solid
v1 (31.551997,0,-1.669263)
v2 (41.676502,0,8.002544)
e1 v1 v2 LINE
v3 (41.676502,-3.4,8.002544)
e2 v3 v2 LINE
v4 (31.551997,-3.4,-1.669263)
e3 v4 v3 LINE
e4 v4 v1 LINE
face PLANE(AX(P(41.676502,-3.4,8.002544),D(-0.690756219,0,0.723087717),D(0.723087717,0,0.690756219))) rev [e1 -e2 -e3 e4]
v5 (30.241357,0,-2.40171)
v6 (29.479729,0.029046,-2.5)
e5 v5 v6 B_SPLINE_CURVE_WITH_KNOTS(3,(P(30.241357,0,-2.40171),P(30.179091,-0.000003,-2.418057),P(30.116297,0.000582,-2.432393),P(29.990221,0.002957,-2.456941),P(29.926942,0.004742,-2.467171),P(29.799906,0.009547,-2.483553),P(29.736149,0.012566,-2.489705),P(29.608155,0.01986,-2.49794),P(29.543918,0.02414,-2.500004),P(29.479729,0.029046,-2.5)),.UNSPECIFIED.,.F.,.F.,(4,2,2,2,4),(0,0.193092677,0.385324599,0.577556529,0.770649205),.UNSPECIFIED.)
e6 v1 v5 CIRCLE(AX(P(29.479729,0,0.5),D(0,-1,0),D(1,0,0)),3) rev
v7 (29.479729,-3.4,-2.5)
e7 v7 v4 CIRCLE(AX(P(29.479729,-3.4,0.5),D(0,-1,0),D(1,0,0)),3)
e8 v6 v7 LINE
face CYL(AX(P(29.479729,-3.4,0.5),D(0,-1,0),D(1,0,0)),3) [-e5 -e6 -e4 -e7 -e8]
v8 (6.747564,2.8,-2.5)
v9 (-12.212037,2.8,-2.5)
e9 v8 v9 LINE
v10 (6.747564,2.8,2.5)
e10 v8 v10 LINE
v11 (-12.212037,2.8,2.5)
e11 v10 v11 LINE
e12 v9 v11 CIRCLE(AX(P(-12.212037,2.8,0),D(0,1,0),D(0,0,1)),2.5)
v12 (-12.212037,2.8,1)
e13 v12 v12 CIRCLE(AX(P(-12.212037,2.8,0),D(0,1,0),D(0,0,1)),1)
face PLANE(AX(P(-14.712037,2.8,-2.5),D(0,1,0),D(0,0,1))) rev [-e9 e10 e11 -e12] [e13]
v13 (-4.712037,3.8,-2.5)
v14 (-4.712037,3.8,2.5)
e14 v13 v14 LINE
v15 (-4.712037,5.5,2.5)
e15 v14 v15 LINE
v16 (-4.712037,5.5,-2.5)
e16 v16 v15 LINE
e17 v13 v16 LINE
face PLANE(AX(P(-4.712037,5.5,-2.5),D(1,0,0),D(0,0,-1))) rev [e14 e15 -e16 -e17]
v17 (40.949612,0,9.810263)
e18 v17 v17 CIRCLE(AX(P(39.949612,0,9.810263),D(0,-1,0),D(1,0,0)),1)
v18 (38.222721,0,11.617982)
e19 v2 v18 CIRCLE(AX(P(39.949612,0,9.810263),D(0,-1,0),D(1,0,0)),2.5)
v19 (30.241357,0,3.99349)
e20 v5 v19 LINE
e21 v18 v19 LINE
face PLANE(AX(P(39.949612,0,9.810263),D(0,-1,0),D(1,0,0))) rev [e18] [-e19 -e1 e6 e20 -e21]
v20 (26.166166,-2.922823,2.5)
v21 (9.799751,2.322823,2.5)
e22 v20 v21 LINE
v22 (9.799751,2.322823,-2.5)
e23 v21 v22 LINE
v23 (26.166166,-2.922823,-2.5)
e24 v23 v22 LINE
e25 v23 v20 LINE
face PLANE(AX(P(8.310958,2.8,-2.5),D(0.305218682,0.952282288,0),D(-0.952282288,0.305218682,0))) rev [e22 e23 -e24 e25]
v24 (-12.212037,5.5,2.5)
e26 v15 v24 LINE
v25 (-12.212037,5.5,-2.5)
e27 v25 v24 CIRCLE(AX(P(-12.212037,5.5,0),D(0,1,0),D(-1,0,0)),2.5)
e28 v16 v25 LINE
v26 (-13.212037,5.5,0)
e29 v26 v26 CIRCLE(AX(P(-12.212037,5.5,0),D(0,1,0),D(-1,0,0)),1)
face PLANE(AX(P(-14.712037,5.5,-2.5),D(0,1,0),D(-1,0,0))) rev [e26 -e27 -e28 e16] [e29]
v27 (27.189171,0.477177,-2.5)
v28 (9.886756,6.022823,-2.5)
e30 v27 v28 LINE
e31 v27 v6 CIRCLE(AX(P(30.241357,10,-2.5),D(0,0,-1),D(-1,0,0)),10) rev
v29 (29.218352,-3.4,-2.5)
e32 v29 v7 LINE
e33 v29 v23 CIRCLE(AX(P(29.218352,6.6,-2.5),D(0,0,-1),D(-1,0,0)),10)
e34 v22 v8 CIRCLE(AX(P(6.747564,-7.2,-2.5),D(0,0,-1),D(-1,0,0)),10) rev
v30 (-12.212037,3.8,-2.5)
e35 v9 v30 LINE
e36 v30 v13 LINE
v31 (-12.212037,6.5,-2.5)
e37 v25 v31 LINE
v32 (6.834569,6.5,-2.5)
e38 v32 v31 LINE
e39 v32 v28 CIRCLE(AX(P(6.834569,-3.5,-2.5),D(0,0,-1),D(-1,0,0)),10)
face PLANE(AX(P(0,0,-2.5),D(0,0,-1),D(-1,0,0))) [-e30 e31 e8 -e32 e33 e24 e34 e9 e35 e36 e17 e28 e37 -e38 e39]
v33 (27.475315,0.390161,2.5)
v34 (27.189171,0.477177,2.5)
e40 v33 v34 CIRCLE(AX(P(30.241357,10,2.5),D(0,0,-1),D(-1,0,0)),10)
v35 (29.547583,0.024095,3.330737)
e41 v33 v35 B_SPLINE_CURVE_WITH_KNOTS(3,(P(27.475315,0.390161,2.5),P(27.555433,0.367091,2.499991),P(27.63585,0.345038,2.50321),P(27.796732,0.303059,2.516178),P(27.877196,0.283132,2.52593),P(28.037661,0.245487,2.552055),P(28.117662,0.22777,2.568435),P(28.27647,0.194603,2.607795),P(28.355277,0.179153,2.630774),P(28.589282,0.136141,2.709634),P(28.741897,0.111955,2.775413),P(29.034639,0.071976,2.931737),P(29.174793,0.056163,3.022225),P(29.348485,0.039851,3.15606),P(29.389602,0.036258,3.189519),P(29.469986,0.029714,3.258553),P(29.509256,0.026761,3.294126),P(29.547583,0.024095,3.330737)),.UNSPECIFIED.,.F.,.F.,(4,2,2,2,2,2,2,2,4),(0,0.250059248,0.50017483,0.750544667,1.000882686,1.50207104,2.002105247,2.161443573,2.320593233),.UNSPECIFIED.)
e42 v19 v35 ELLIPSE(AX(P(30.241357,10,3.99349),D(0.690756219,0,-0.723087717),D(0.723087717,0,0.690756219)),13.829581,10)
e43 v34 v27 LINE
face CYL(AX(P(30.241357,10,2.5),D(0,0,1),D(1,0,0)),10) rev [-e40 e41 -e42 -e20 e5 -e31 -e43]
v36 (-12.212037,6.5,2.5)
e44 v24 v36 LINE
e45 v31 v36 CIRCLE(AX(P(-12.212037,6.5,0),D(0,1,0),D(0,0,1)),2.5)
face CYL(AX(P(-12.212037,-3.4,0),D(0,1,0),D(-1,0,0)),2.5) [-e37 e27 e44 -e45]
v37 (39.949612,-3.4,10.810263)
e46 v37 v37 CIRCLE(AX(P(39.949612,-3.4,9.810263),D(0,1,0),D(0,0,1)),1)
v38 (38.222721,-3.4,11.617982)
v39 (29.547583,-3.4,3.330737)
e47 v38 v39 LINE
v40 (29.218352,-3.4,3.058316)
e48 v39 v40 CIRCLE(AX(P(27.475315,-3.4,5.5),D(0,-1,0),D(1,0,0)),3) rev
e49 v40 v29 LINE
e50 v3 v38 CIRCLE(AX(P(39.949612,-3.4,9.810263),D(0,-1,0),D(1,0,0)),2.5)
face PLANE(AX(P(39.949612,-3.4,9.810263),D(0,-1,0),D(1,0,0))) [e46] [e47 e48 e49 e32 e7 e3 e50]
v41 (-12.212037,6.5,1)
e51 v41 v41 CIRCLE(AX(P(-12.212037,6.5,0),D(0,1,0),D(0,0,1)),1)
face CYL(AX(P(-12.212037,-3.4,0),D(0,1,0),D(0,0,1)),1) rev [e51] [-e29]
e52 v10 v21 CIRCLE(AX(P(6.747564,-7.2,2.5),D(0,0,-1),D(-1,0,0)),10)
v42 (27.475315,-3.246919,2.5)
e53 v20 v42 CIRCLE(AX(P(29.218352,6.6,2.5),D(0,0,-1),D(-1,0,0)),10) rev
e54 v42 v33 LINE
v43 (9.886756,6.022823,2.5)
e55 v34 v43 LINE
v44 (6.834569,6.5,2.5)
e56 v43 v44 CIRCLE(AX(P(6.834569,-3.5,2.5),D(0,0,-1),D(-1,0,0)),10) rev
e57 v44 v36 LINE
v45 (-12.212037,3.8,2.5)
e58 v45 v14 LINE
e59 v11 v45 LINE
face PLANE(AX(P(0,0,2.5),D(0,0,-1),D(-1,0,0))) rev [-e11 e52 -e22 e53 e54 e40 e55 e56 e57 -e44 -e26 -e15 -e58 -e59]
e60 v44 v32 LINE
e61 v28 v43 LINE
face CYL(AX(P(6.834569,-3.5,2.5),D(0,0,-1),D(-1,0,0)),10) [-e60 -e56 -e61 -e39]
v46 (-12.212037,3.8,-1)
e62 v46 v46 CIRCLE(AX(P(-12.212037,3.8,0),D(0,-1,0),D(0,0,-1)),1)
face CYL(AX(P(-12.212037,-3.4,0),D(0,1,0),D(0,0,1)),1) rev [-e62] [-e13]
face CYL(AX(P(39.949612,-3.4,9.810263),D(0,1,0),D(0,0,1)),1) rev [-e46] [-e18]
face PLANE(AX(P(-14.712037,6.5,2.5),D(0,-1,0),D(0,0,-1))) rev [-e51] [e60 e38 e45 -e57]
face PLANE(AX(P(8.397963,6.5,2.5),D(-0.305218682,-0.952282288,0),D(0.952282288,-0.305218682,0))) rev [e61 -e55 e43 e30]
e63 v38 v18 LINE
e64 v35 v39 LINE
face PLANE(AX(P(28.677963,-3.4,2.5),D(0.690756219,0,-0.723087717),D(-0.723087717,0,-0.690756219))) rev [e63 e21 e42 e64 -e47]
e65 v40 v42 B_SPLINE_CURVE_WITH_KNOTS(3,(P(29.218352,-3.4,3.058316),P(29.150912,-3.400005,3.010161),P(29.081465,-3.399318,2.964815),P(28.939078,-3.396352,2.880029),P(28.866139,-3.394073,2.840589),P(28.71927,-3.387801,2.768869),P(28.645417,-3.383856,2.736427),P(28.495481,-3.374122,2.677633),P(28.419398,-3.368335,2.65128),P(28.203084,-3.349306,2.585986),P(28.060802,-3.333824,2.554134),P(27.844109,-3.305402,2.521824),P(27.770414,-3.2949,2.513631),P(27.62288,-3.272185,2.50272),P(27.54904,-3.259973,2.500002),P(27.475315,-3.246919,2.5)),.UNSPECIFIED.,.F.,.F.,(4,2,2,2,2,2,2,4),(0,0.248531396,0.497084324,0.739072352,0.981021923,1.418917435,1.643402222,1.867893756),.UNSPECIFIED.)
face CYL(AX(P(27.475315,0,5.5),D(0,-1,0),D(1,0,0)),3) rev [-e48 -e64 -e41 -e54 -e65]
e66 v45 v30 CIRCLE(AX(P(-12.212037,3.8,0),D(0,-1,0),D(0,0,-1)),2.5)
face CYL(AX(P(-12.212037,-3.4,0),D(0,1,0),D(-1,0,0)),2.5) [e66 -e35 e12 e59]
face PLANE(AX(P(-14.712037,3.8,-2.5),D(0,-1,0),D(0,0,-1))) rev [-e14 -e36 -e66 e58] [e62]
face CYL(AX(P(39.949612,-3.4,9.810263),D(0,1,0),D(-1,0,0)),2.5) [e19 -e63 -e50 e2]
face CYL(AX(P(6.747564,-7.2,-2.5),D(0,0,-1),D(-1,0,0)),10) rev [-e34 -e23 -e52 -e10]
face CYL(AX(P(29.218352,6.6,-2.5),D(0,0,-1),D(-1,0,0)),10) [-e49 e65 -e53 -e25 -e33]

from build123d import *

# Parameters (mm, degrees)
BOSS_EXTRUDE1_DEPTH     = 2.5
BOSS_EXTRUDE2_DEPTH     = 3.4
CUT_EXTRUDE1_DEPTH      = 1
CUT_EXTRUDE1_DEPTH_BACK = 10.9
CUT_EXTRUDE2_DEPTH      = 10.810262799
CUT_EXTRUDE2_DEPTH_BACK = 6
SKETCH5_W               = 10
SKETCH5_H               = 1.7
CUT_EXTRUDE3_DEPTH      = 10.810262799
CUT_EXTRUDE3_DEPTH_BACK = 6
SKETCH6_R               = 1
CUT_EXTRUDE4_DEPTH      = 1
CUT_EXTRUDE4_DEPTH_BACK = 10.9
FILLET1_R               = 10
FILLET2_R               = 3


with BuildPart() as part:
    # Sketch1 → Boss-Extrude1 (new body, symmetric)
    with BuildSketch(Plane.XY):
        Polygon((-14.712036777, 6.5), (8.397963223, 6.5), (28.677963223, 0), (-14.712036777, 0), align=None)
    extrude(amount=BOSS_EXTRUDE1_DEPTH, both=True)

    # Sketch2 → Boss-Extrude2 (add)
    with BuildSketch(Plane.XZ):
        with BuildLine():
            Line((-12.212036777, -2.5), (30.682377195, -2.5))
            Line((30.682377195, -2.5), (41.676502177, 8.002543507))
            ThreePointArc((41.676502177, 8.002543507), (41.757330921, 11.537153346), (38.222721082, 11.617982091))
            Line((38.222721082, 11.617982091), (28.677963223, 2.5))
            Line((28.677963223, 2.5), (-12.212036777, 2.5))
            ThreePointArc((-12.212036777, 2.5), (-14.712036777, 0), (-12.212036777, -2.5))
        make_face()
    extrude(amount=BOSS_EXTRUDE2_DEPTH)

    # Sketch3 → Cut-Extrude1 (cut, two sides)
    with BuildSketch(Plane(origin=(0, 6.5, 0), x_dir=(1, 0, 0), z_dir=(0, 1, 0))) as cut_extrude1_sk:
        with BuildLine():
            ThreePointArc((-14.712036777, 0), (-13.97980373, 1.767766953), (-12.212036777, 2.5))
            Line((-12.212036777, 2.5), (-14.712036777, 2.5))
            Line((-14.712036777, 2.5), (-14.712036777, 0))
        make_face()
        with BuildLine():
            ThreePointArc((-12.212036777, -2.5), (-13.97980373, -1.767766953), (-14.712036777, 0))
            Line((-14.712036777, 0), (-14.712036777, -2.5))
            Line((-14.712036777, -2.5), (-12.212036777, -2.5))
        make_face()
    extrude(amount=CUT_EXTRUDE1_DEPTH, mode=Mode.SUBTRACT)
    extrude(cut_extrude1_sk.sketch, amount=-CUT_EXTRUDE1_DEPTH_BACK, mode=Mode.SUBTRACT)

    # Sketch4 → Cut-Extrude2 (cut, two sides)
    with BuildSketch(Plane.XY.offset(2.5)) as cut_extrude2_sk:
        Polygon((-14.712036777, 2.8), (8.310958279, 2.8), (27.654958279, -3.4), (-14.712036777, -3.4), align=None)
    extrude(amount=CUT_EXTRUDE2_DEPTH, mode=Mode.SUBTRACT)
    extrude(cut_extrude2_sk.sketch, amount=-CUT_EXTRUDE2_DEPTH_BACK, mode=Mode.SUBTRACT)

    # Sketch5 → Cut-Extrude3 (cut, two sides)
    with BuildSketch(Plane.XY.offset(2.5)) as cut_extrude3_sk:
        with Locations((-9.712036777, 4.65)):
            Rectangle(SKETCH5_W, SKETCH5_H)
    extrude(amount=CUT_EXTRUDE3_DEPTH, mode=Mode.SUBTRACT)
    extrude(cut_extrude3_sk.sketch, amount=-CUT_EXTRUDE3_DEPTH_BACK, mode=Mode.SUBTRACT)

    # Sketch6 → Cut-Extrude4 (cut, two sides)
    with BuildSketch(Plane(origin=(0, 6.5, 0), x_dir=(1, 0, 0), z_dir=(0, 1, 0))) as cut_extrude4_sk:
        with Locations((-12.212036777, 0)):
            Circle(SKETCH6_R)
        with Locations((39.94961163, -9.810262799)):
            Circle(SKETCH6_R)
    extrude(amount=CUT_EXTRUDE4_DEPTH, mode=Mode.SUBTRACT)
    extrude(cut_extrude4_sk.sketch, amount=-CUT_EXTRUDE4_DEPTH_BACK, mode=Mode.SUBTRACT)

    # Fillet1
    fillet1_edges = [part.edges().sort_by_distance(p)[0] for p in [
        (28.677963223, 0, 0),
        (8.397963223, 6.5, 0),
        (27.654958279, -3.4, 0),
        (8.310958279, 2.8, 0),
    ]]
    fillet(fillet1_edges, radius=FILLET1_R)

    # Fillet2
    fillet2_edges = [part.edges().sort_by_distance(p)[0] for p in [
        (30.682377195, -1.7, -2.5),
        (28.677963223, -1.631211096, 2.5),
    ]]
    fillet(fillet2_edges, radius=FILLET2_R)


solid = part.part
